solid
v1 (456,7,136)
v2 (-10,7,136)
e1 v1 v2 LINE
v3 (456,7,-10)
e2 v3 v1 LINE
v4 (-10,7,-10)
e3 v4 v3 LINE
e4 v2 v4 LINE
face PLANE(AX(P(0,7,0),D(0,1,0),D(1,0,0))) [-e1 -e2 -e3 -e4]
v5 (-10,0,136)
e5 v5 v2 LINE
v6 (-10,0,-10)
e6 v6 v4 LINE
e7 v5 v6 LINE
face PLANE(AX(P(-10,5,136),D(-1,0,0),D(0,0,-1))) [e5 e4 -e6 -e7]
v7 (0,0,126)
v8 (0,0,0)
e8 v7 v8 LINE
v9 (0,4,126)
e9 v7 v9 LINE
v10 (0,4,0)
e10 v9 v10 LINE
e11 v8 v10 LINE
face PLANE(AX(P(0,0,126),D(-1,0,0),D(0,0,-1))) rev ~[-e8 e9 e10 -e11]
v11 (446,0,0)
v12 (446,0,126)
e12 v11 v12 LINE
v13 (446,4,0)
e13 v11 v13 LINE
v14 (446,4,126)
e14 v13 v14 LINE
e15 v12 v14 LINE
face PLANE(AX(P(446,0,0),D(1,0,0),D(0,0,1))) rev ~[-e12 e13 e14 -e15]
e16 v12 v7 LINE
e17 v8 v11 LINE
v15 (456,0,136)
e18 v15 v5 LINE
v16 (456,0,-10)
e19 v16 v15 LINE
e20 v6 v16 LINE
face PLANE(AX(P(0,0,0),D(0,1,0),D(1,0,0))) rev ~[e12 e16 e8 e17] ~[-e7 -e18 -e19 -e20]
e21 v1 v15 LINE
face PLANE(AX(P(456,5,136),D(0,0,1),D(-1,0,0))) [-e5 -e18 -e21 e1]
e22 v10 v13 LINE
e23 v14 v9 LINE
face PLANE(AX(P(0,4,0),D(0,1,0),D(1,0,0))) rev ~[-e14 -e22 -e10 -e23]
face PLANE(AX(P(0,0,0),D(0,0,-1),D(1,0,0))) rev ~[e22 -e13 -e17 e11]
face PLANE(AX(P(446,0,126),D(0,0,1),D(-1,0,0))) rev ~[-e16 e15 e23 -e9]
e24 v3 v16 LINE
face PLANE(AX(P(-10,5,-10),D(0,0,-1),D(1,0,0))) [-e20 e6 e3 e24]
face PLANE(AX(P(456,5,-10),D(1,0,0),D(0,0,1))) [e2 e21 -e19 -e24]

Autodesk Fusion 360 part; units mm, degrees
sketch "Sketch1" plane through (0, 0, 0) normal (0, 1, 0) x (1, 0, 0)
  line L0 (0, 0) -> (446, 0)
  line L1 (446, 0) -> (446, -126)
  line L2 (446, -126) -> (0, -126)
  line L3 (0, -126) -> (0, 0)
  line L4 (-10, 10) -> (456, 10)
  line L5 (456, 10) -> (456, -136)
  line L6 (456, -136) -> (-10, -136)
  line L7 (-10, -136) -> (-10, 10)
  dimension "d1" = 446
  dimension "d2" = 126
  dimension "d3" = 466
  dimension "d4" = 146
  dimension "d5" = 10
  dimension "d6" = 10
extrude "Extrude1" add sketch "Sketch1" along normal blind 5 contours L0 L1 L2 L3 | L4 L5 L6 L7
extrude "Extrude2" cut sketch "Sketch1" along normal blind 4 contours L0 L1 L2 L3
extrude "Extrude3" add 1 faces at (145.3333, 5, 38.6667) along direction (0, 1, 0) blind 2
sketch "Sketch2" plane through (0, 0, 0) normal (0, 1, 0) x (1, 0, 0)
  line L0 (9, -114) -> (23, -114)
  line L1 (23, -114) -> (23, -100)
  line L2 (23, -100) -> (9, -100)
  line L3 (9, -100) -> (9, -114)
  line L4 (28, -113.6288) -> (42, -113.6288)
  line L5 (42, -113.6288) -> (42, -99.6288)
  line L6 (42, -99.6288) -> (28, -99.6288)
  line L7 (28, -99.6288) -> (28, -113.6288)
  line L8 (0, 0) -> (0, -126)
  line L9 (0, -126) -> (446, -126)
  line L10 (47, -113.6288) -> (61, -113.6288)
  line L11 (47, -99.6288) -> (47, -113.6288)
  line L12 (61, -113.6288) -> (61, -99.6288)
  line L13 (61, -99.6288) -> (47, -99.6288)
  line L14 (80, -113.6288) -> (80, -99.6288)
  line L15 (66, -113.6288) -> (80, -113.6288)
  line L16 (66, -99.6288) -> (66, -113.6288)
  line L17 (80, -99.6288) -> (66, -99.6288)
  line L18 (156, -113.6288) -> (156, -99.6288)
  line L19 (142, -113.6288) -> (156, -113.6288)
  line L20 (142, -99.6288) -> (142, -113.6288)
  line L21 (156, -99.6288) -> (142, -99.6288)
  line L22 (137, -113.6288) -> (137, -99.6288)
  line L23 (123, -99.6288) -> (123, -113.6288)
  line L24 (123, -113.6288) -> (137, -113.6288)
  line L25 (137, -99.6288) -> (123, -99.6288)
  line L26 (118, -113.6288) -> (118, -99.6288)
  line L27 (104, -113.6288) -> (118, -113.6288)
  line L28 (104, -99.6288) -> (104, -113.6288)
  line L29 (118, -99.6288) -> (104, -99.6288)
  line L30 (99, -114) -> (99, -100)
  line L31 (85, -114) -> (99, -114)
  line L32 (85, -100) -> (85, -114)
  line L33 (99, -100) -> (85, -100)
  line L34 (307.2, -113.6288) -> (321.2, -113.6288)
  line L35 (218, -113.6288) -> (232, -113.6288)
  line L36 (345.2, -113.6288) -> (359.2, -113.6288)
  line L37 (307.2, -99.6288) -> (307.2, -113.6288)
  line L38 (161, -114) -> (175, -114)
  line L39 (232, -113.6288) -> (232, -99.6288)
  line L40 (345.2, -99.6288) -> (345.2, -113.6288)
  line L41 (359.2, -99.6288) -> (345.2, -99.6288)
  line L42 (340.2, -113.6288) -> (340.2, -99.6288)
  line L43 (326.2, -99.6288) -> (326.2, -113.6288)
  line L44 (326.2, -113.6288) -> (340.2, -113.6288)
  line L45 (359.2, -113.6288) -> (359.2, -99.6288)
  line L46 (340.2, -99.6288) -> (326.2, -99.6288)
  line L47 (321.2, -113.6288) -> (321.2, -99.6288)
  line L48 (237, -114) -> (251, -114)
  line L49 (251, -114) -> (251, -100)
  line L50 (321.2, -99.6288) -> (307.2, -99.6288)
  line L51 (232, -99.6288) -> (218, -99.6288)
  line L52 (237, -100) -> (237, -114)
  line L53 (251, -100) -> (237, -100)
  line L54 (161, -100) -> (161, -114)
  line L55 (175, -114) -> (175, -100)
  line L56 (175, -100) -> (161, -100)
  line L57 (180, -99.6288) -> (180, -113.6288)
  line L58 (218, -99.6288) -> (218, -113.6288)
  line L59 (194, -113.6288) -> (194, -99.6288)
  line L60 (199, -113.6288) -> (213, -113.6288)
  line L61 (199, -99.6288) -> (199, -113.6288)
  line L62 (213, -113.6288) -> (213, -99.6288)
  line L63 (213, -99.6288) -> (199, -99.6288)
  line L64 (180, -113.6288) -> (194, -113.6288)
  line L65 (194, -99.6288) -> (180, -99.6288)
  line L66 (321.2, -94.6288) -> (321.2, -80.6288)
  line L67 (85, -95) -> (99, -95)
  line L68 (307.2, -80.6288) -> (307.2, -94.6288)
  line L69 (345.2, -94.6288) -> (359.2, -94.6288)
  line L70 (85, -81) -> (85, -95)
  line L71 (80, -80.6288) -> (66, -80.6288)
  line L72 (326.2, -94.6288) -> (340.2, -94.6288)
  line L73 (66, -94.6288) -> (80, -94.6288)
  line L74 (321.2, -80.6288) -> (307.2, -80.6288)
  line L75 (251, -95) -> (251, -81)
  line L76 (307.2, -94.6288) -> (321.2, -94.6288)
  line L77 (175, -81) -> (161, -81)
  line L78 (345.2, -80.6288) -> (345.2, -94.6288)
  line L79 (237, -81) -> (237, -95)
  line L80 (340.2, -94.6288) -> (340.2, -80.6288)
  line L81 (326.2, -80.6288) -> (326.2, -94.6288)
  line L82 (194, -80.6288) -> (180, -80.6288)
  line L83 (175, -95) -> (175, -81)
  line L84 (199, -80.6288) -> (199, -94.6288)
  line L85 (218, -94.6288) -> (232, -94.6288)
  line L86 (359.2, -80.6288) -> (345.2, -80.6288)
  line L87 (180, -80.6288) -> (180, -94.6288)
  line L88 (194, -94.6288) -> (194, -80.6288)
  line L89 (237, -95) -> (251, -95)
  line L90 (232, -94.6288) -> (232, -80.6288)
  line L91 (218, -80.6288) -> (218, -94.6288)
  line L92 (340.2, -80.6288) -> (326.2, -80.6288)
  line L93 (213, -80.6288) -> (199, -80.6288)
  line L94 (161, -95) -> (175, -95)
  line L95 (251, -81) -> (237, -81)
  line L96 (156, -94.6288) -> (156, -80.6288)
  line L97 (199, -94.6288) -> (213, -94.6288)
  line L98 (213, -94.6288) -> (213, -80.6288)
  line L99 (232, -80.6288) -> (218, -80.6288)
  line L100 (161, -81) -> (161, -95)
  line L101 (180, -94.6288) -> (194, -94.6288)
  line L102 (61, -94.6288) -> (61, -80.6288)
  line L103 (156, -80.6288) -> (142, -80.6288)
  line L104 (42, -80.6288) -> (28, -80.6288)
  line L105 (28, -80.6288) -> (28, -94.6288)
  line L106 (9, -81) -> (9, -95)
  line L107 (142, -94.6288) -> (156, -94.6288)
  line L108 (61, -80.6288) -> (47, -80.6288)
  line L109 (23, -81) -> (9, -81)
  line L110 (47, -94.6288) -> (61, -94.6288)
  line L111 (66, -80.6288) -> (66, -94.6288)
  line L112 (47, -80.6288) -> (47, -94.6288)
  line L113 (9, -95) -> (23, -95)
  line L114 (123, -80.6288) -> (123, -94.6288)
  line L115 (42, -94.6288) -> (42, -80.6288)
  line L116 (28, -94.6288) -> (42, -94.6288)
  line L117 (23, -95) -> (23, -81)
  line L118 (118, -94.6288) -> (118, -80.6288)
  line L119 (137, -80.6288) -> (123, -80.6288)
  line L120 (99, -81) -> (85, -81)
  line L121 (123, -94.6288) -> (137, -94.6288)
  line L122 (104, -94.6288) -> (118, -94.6288)
  line L123 (104, -80.6288) -> (104, -94.6288)
  line L124 (137, -94.6288) -> (137, -80.6288)
  line L125 (80, -94.6288) -> (80, -80.6288)
  line L126 (142, -80.6288) -> (142, -94.6288)
  line L127 (118, -80.6288) -> (104, -80.6288)
  line L128 (359.2, -94.6288) -> (359.2, -80.6288)
  line L129 (99, -95) -> (99, -81)
  line L130 (237, -62) -> (237, -76)
  line L131 (232, -61.6288) -> (218, -61.6288)
  line L132 (251, -62) -> (237, -62)
  line L133 (213, -75.6288) -> (213, -61.6288)
  line L134 (194, -75.6288) -> (194, -61.6288)
  line L135 (180, -61.6288) -> (180, -75.6288)
  line L136 (175, -62) -> (161, -62)
  line L137 (156, -75.6288) -> (156, -61.6288)
  line L138 (194, -61.6288) -> (180, -61.6288)
  line L139 (161, -62) -> (161, -76)
  line L140 (251, -76) -> (251, -62)
  line L141 (218, -61.6288) -> (218, -75.6288)
  line L142 (232, -75.6288) -> (232, -61.6288)
  line L143 (218, -75.6288) -> (232, -75.6288)
  line L144 (326.2, -61.6288) -> (326.2, -75.6288)
  line L145 (307.2, -61.6288) -> (307.2, -75.6288)
  line L146 (359.2, -75.6288) -> (359.2, -61.6288)
  line L147 (359.2, -61.6288) -> (345.2, -61.6288)
  line L148 (156, -61.6288) -> (142, -61.6288)
  line L149 (142, -75.6288) -> (156, -75.6288)
  line L150 (307.2, -75.6288) -> (321.2, -75.6288)
  line L151 (326.2, -75.6288) -> (340.2, -75.6288)
  line L152 (340.2, -61.6288) -> (326.2, -61.6288)
  line L153 (321.2, -61.6288) -> (307.2, -61.6288)
  line L154 (199, -75.6288) -> (213, -75.6288)
  line L155 (213, -61.6288) -> (199, -61.6288)
  line L156 (104, -75.6288) -> (118, -75.6288)
  line L157 (118, -75.6288) -> (118, -61.6288)
  line L158 (345.2, -75.6288) -> (359.2, -75.6288)
  line L159 (137, -75.6288) -> (137, -61.6288)
  line L160 (42, -75.6288) -> (42, -61.6288)
  line L161 (99, -76) -> (99, -62)
  line L162 (99, -62) -> (85, -62)
  line L163 (66, -61.6288) -> (66, -75.6288)
  line L164 (123, -61.6288) -> (123, -75.6288)
  line L165 (47, -75.6288) -> (61, -75.6288)
  line L166 (80, -75.6288) -> (80, -61.6288)
  line L167 (142, -61.6288) -> (142, -75.6288)
  line L168 (66, -75.6288) -> (80, -75.6288)
  line L169 (42, -61.6288) -> (28, -61.6288)
  line L170 (345.2, -61.6288) -> (345.2, -75.6288)
  line L171 (340.2, -75.6288) -> (340.2, -61.6288)
  line L172 (321.2, -75.6288) -> (321.2, -61.6288)
  line L173 (123, -75.6288) -> (137, -75.6288)
  line L174 (118, -61.6288) -> (104, -61.6288)
  line L175 (137, -61.6288) -> (123, -61.6288)
  line L176 (104, -61.6288) -> (104, -75.6288)
  line L177 (85, -62) -> (85, -76)
  line L178 (80, -61.6288) -> (66, -61.6288)
  line L179 (28, -75.6288) -> (42, -75.6288)
  line L180 (9, -62) -> (9, -76)
  line L181 (23, -62) -> (9, -62)
  line L182 (47, -61.6288) -> (47, -75.6288)
  line L183 (23, -76) -> (23, -62)
  line L184 (61, -61.6288) -> (47, -61.6288)
  line L185 (28, -61.6288) -> (28, -75.6288)
  line L186 (61, -75.6288) -> (61, -61.6288)
  line L187 (199, -61.6288) -> (199, -75.6288)
  line L188 (175, -76) -> (175, -62)
  line L189 (180, -75.6288) -> (194, -75.6288)
  line L190 (9, -76) -> (23, -76)
  line L191 (85, -76) -> (99, -76)
  line L192 (161, -76) -> (175, -76)
  line L193 (237, -76) -> (251, -76)
  line L194 (213, -42.6288) -> (199, -42.6288)
  line L195 (66, -56.6288) -> (80, -56.6288)
  line L196 (104, -56.6288) -> (118, -56.6288)
  line L197 (251, -43) -> (237, -43)
  line L198 (9, -43) -> (9, -57)
  line L199 (47, -42.6288) -> (47, -56.6288)
  line L200 (213, -56.6288) -> (213, -42.6288)
  line L201 (42, -42.6288) -> (28, -42.6288)
  line L202 (28, -42.6288) -> (28, -56.6288)
  line L203 (61, -56.6288) -> (61, -42.6288)
  line L204 (232, -56.6288) -> (232, -42.6288)
  line L205 (232, -42.6288) -> (218, -42.6288)
  line L206 (28, -56.6288) -> (42, -56.6288)
  line L207 (180, -42.6288) -> (180, -56.6288)
  line L208 (80, -42.6288) -> (66, -42.6288)
  line L209 (237, -43) -> (237, -57)
  line L210 (47, -56.6288) -> (61, -56.6288)
  line L211 (237, -57) -> (251, -57)
  line L212 (218, -42.6288) -> (218, -56.6288)
  line L213 (118, -42.6288) -> (104, -42.6288)
  line L214 (199, -56.6288) -> (213, -56.6288)
  line L215 (218, -56.6288) -> (232, -56.6288)
  line L216 (23, -57) -> (23, -43)
  line L217 (61, -42.6288) -> (47, -42.6288)
  line L218 (251, -57) -> (251, -43)
  line L219 (23, -43) -> (9, -43)
  line L220 (42, -56.6288) -> (42, -42.6288)
  line L221 (9, -57) -> (23, -57)
  line L222 (66, -42.6288) -> (66, -56.6288)
  line L223 (104, -42.6288) -> (104, -56.6288)
  line L224 (142, -56.6288) -> (156, -56.6288)
  line L225 (156, -42.6288) -> (142, -42.6288)
  line L226 (85, -57) -> (99, -57)
  line L227 (85, -43) -> (85, -57)
  line L228 (194, -56.6288) -> (194, -42.6288)
  line L229 (99, -57) -> (99, -43)
  line L230 (199, -42.6288) -> (199, -56.6288)
  line L231 (194, -42.6288) -> (180, -42.6288)
  line L232 (175, -43) -> (161, -43)
  line L233 (161, -43) -> (161, -57)
  line L234 (80, -56.6288) -> (80, -42.6288)
  line L235 (99, -43) -> (85, -43)
  line L236 (180, -56.6288) -> (194, -56.6288)
  line L237 (156, -56.6288) -> (156, -42.6288)
  line L238 (175, -57) -> (175, -43)
  line L239 (137, -56.6288) -> (137, -42.6288)
  line L240 (123, -56.6288) -> (137, -56.6288)
  line L241 (118, -56.6288) -> (118, -42.6288)
  line L242 (123, -42.6288) -> (123, -56.6288)
  line L243 (142, -42.6288) -> (142, -56.6288)
  line L244 (161, -57) -> (175, -57)
  line L245 (137, -42.6288) -> (123, -42.6288)
  line L246 (237, -5) -> (237, -19)
  line L247 (237, -38) -> (251, -38)
  line L248 (218, -37.6288) -> (232, -37.6288)
  line L249 (199, -37.6288) -> (213, -37.6288)
  line L250 (237, -24) -> (237, -38)
  line L251 (156, -4.6288) -> (142, -4.6288)
  line L252 (23, -19) -> (23, -5)
  line L253 (218, -18.6288) -> (232, -18.6288)
  line L254 (251, -24) -> (237, -24)
  line L255 (47, -4.6288) -> (47, -18.6288)
  line L256 (251, -5) -> (237, -5)
  line L257 (142, -18.6288) -> (156, -18.6288)
  line L258 (213, -37.6288) -> (213, -23.6288)
  line L259 (232, -23.6288) -> (218, -23.6288)
  line L260 (213, -18.6288) -> (213, -4.6288)
  line L261 (218, -4.6288) -> (218, -18.6288)
  line L262 (251, -19) -> (251, -5)
  line L263 (237, -19) -> (251, -19)
  line L264 (156, -23.6288) -> (142, -23.6288)
  line L265 (251, -38) -> (251, -24)
  line L266 (213, -4.6288) -> (199, -4.6288)
  line L267 (232, -4.6288) -> (218, -4.6288)
  line L268 (232, -18.6288) -> (232, -4.6288)
  line L269 (232, -37.6288) -> (232, -23.6288)
  line L270 (218, -23.6288) -> (218, -37.6288)
  line L271 (199, -18.6288) -> (213, -18.6288)
  line L272 (213, -23.6288) -> (199, -23.6288)
  line L273 (61, -18.6288) -> (61, -4.6288)
  line L274 (42, -18.6288) -> (42, -4.6288)
  line L275 (137, -18.6288) -> (137, -4.6288)
  line L276 (9, -5) -> (9, -19)
  line L277 (28, -4.6288) -> (28, -18.6288)
  line L278 (61, -4.6288) -> (47, -4.6288)
  line L279 (137, -4.6288) -> (123, -4.6288)
  line L280 (118, -18.6288) -> (118, -4.6288)
  line L281 (99, -19) -> (99, -5)
  line L282 (66, -37.6288) -> (80, -37.6288)
  line L283 (80, -23.6288) -> (66, -23.6288)
  line L284 (66, -18.6288) -> (80, -18.6288)
  line L285 (28, -18.6288) -> (42, -18.6288)
  line L286 (118, -23.6288) -> (104, -23.6288)
  line L287 (9, -19) -> (23, -19)
  line L288 (9, -24) -> (9, -38)
  line L289 (142, -4.6288) -> (142, -18.6288)
  line L290 (104, -4.6288) -> (104, -18.6288)
  line L291 (66, -4.6288) -> (66, -18.6288)
  line L292 (47, -23.6288) -> (47, -37.6288)
  line L293 (80, -18.6288) -> (80, -4.6288)
  line L294 (80, -4.6288) -> (66, -4.6288)
  line L295 (85, -5) -> (85, -19)
  line L296 (99, -5) -> (85, -5)
  line L297 (123, -4.6288) -> (123, -18.6288)
  line L298 (118, -4.6288) -> (104, -4.6288)
  line L299 (23, -5) -> (9, -5)
  line L300 (42, -4.6288) -> (28, -4.6288)
  line L301 (175, -38) -> (175, -24)
  line L302 (142, -37.6288) -> (156, -37.6288)
  line L303 (175, -24) -> (161, -24)
  line L304 (156, -37.6288) -> (156, -23.6288)
  line L305 (180, -23.6288) -> (180, -37.6288)
  line L306 (161, -19) -> (175, -19)
  line L307 (180, -18.6288) -> (194, -18.6288)
  line L308 (175, -5) -> (161, -5)
  line L309 (194, -4.6288) -> (180, -4.6288)
  line L310 (175, -19) -> (175, -5)
  line L311 (161, -24) -> (161, -38)
  line L312 (194, -37.6288) -> (194, -23.6288)
  line L313 (194, -23.6288) -> (180, -23.6288)
  line L314 (199, -23.6288) -> (199, -37.6288)
  line L315 (194, -18.6288) -> (194, -4.6288)
  line L316 (161, -5) -> (161, -19)
  line L317 (180, -4.6288) -> (180, -18.6288)
  line L318 (199, -4.6288) -> (199, -18.6288)
  line L319 (156, -18.6288) -> (156, -4.6288)
  line L320 (180, -37.6288) -> (194, -37.6288)
  line L321 (161, -38) -> (175, -38)
  line L322 (66, -23.6288) -> (66, -37.6288)
  line L323 (104, -23.6288) -> (104, -37.6288)
  line L324 (9, -38) -> (23, -38)
  line L325 (137, -23.6288) -> (123, -23.6288)
  line L326 (23, -38) -> (23, -24)
  line L327 (85, -24) -> (85, -38)
  line L328 (42, -37.6288) -> (42, -23.6288)
  line L329 (23, -24) -> (9, -24)
  line L330 (104, -37.6288) -> (118, -37.6288)
  line L331 (118, -37.6288) -> (118, -23.6288)
  line L332 (47, -18.6288) -> (61, -18.6288)
  line L333 (123, -18.6288) -> (137, -18.6288)
  line L334 (28, -23.6288) -> (28, -37.6288)
  line L335 (142, -23.6288) -> (142, -37.6288)
  line L336 (104, -18.6288) -> (118, -18.6288)
  line L337 (123, -23.6288) -> (123, -37.6288)
  line L338 (99, -38) -> (99, -24)
  line L339 (123, -37.6288) -> (137, -37.6288)
  line L340 (61, -37.6288) -> (61, -23.6288)
  line L341 (61, -23.6288) -> (47, -23.6288)
  line L342 (80, -37.6288) -> (80, -23.6288)
  line L343 (85, -38) -> (99, -38)
  line L344 (28, -37.6288) -> (42, -37.6288)
  line L345 (42, -23.6288) -> (28, -23.6288)
  line L346 (47, -37.6288) -> (61, -37.6288)
  line L347 (137, -37.6288) -> (137, -23.6288)
  line L348 (99, -24) -> (85, -24)
  line L349 (85, -19) -> (99, -19)
  line L350 (340.2, -37.6288) -> (340.2, -23.6288)
  line L351 (326.2, -23.6288) -> (326.2, -37.6288)
  line L352 (340.2, -23.6288) -> (326.2, -23.6288)
  line L353 (326.2, -37.6288) -> (340.2, -37.6288)
  line L354 (326.2, -18.6288) -> (340.2, -18.6288)
  line L355 (359.2, -4.6288) -> (345.2, -4.6288)
  line L356 (321.2, -4.6288) -> (307.2, -4.6288)
  line L357 (326.2, -4.6288) -> (326.2, -18.6288)
  line L358 (340.2, -18.6288) -> (340.2, -4.6288)
  line L359 (307.2, -18.6288) -> (321.2, -18.6288)
  line L360 (307.2, -4.6288) -> (307.2, -18.6288)
  line L361 (340.2, -4.6288) -> (326.2, -4.6288)
  line L362 (345.2, -18.6288) -> (359.2, -18.6288)
  line L363 (359.2, -18.6288) -> (359.2, -4.6288)
  line L364 (345.2, -4.6288) -> (345.2, -18.6288)
  line L365 (321.2, -18.6288) -> (321.2, -4.6288)
  dimension "d13" = 14
  dimension "d14" = 14
  dimension "d15" = 14
  dimension "d16" = 14
  dimension "d17" = 5
  dimension "d18" = 9
  dimension "d19" = 12
  dimension "d20" = 14
  dimension "d21" = 14
  dimension "d22" = 14
  dimension "d23" = 14
  dimension "d24" = 5
  dimension "d25" = 5
  dimension "d26" = 14
  dimension "d27" = 14
  dimension "d28" = 14
  dimension "d29" = 14
  dimension "d30" = 5
  dimension "d31" = 14
  dimension "d32" = 14
  dimension "d33" = 14
  dimension "d34" = 14
  dimension "d35" = 5
  dimension "d36" = 5
  dimension "d37" = 5
  dimension "d38" = 14
  dimension "d39" = 14
  dimension "d40" = 14
  dimension "d41" = 14
  dimension "d42" = 5
  dimension "d43" = 14
  dimension "d44" = 14
  dimension "d45" = 14
  dimension "d46" = 14
  dimension "d47" = 5
  dimension "d48" = 5
  dimension "d49" = 14
  dimension "d50" = 14
  dimension "d51" = 14
  dimension "d52" = 14
  dimension "d53" = 56.2
  dimension "d54" = 14
  dimension "d55" = 14
  dimension "d56" = 14
  dimension "d57" = 14
  dimension "d58" = 5
  dimension "d59" = 5
  dimension "d60" = 5
  dimension "d61" = 5
  dimension "d62" = 14
  dimension "d63" = 14
  dimension "d64" = 14
  dimension "d65" = 14
  dimension "d66" = 5
  dimension "d67" = 14
  dimension "d68" = 14
  dimension "d69" = 14
  dimension "d70" = 14
  dimension "d71" = 5
  dimension "d72" = 5
  dimension "d73" = 14
  dimension "d74" = 14
  dimension "d75" = 14
  dimension "d76" = 14
  dimension "d77" = 5
  dimension "d78" = 14
  dimension "d79" = 14
  dimension "d80" = 14
  dimension "d81" = 14
  dimension "d82" = 5
  dimension "d83" = 5
  dimension "d84" = 5
  dimension "d85" = 14
  dimension "d86" = 14
  dimension "d87" = 14
  dimension "d88" = 14
  dimension "d89" = 5
  dimension "d90" = 14
  dimension "d91" = 14
  dimension "d92" = 14
  dimension "d93" = 14
  dimension "d94" = 5
  dimension "d95" = 5
  dimension "d96" = 14
  dimension "d97" = 14
  dimension "d98" = 14
  dimension "d99" = 14
  dimension "d100" = 56.2
  dimension "d101" = 14
  dimension "d102" = 14
  dimension "d103" = 14
  dimension "d104" = 14
  dimension "d105" = 5
  dimension "d106" = 5
  dimension "d107" = 5
  dimension "d108" = 5
  dimension "d109" = 14
  dimension "d110" = 14
  dimension "d111" = 14
  dimension "d112" = 14
  dimension "d113" = 5
  dimension "d114" = 14
  dimension "d115" = 14
  dimension "d116" = 14
  dimension "d117" = 14
  dimension "d118" = 5
  dimension "d119" = 5
  dimension "d120" = 14
  dimension "d121" = 14
  dimension "d122" = 14
  dimension "d123" = 14
  dimension "d124" = 5
  dimension "d125" = 14
  dimension "d126" = 14
  dimension "d127" = 14
  dimension "d128" = 14
  dimension "d129" = 5
  dimension "d130" = 5
  dimension "d131" = 5
  dimension "d132" = 14
  dimension "d133" = 14
  dimension "d134" = 14
  dimension "d135" = 14
  dimension "d136" = 5
  dimension "d137" = 14
  dimension "d138" = 14
  dimension "d139" = 14
  dimension "d140" = 14
  dimension "d141" = 5
  dimension "d142" = 5
  dimension "d143" = 14
  dimension "d144" = 14
  dimension "d145" = 14
  dimension "d146" = 14
  dimension "d147" = 56.2
  dimension "d148" = 14
  dimension "d149" = 14
  dimension "d150" = 14
  dimension "d151" = 14
  dimension "d152" = 5
  dimension "d153" = 5
  dimension "d154" = 5
  dimension "d155" = 5
  dimension "d156" = 14
  dimension "d157" = 14
  dimension "d158" = 14
  dimension "d159" = 14
  dimension "d160" = 14
  dimension "d161" = 14
  dimension "d162" = 14
  dimension "d163" = 14
  dimension "d164" = 5
  dimension "d165" = 14
  dimension "d166" = 14
  dimension "d167" = 14
  dimension "d168" = 14
  dimension "d169" = 5
  dimension "d170" = 5
  dimension "d171" = 14
  dimension "d172" = 14
  dimension "d173" = 14
  dimension "d174" = 14
  dimension "d175" = 5
  dimension "d176" = 14
  dimension "d177" = 14
  dimension "d178" = 14
  dimension "d179" = 14
  dimension "d180" = 5
  dimension "d181" = 5
  dimension "d182" = 5
  dimension "d183" = 14
  dimension "d184" = 14
  dimension "d185" = 14
  dimension "d186" = 14
  dimension "d187" = 5
  dimension "d188" = 14
  dimension "d189" = 14
  dimension "d190" = 14
  dimension "d191" = 14
  dimension "d192" = 5
  dimension "d193" = 5
  dimension "d194" = 14
  dimension "d195" = 14
  dimension "d196" = 5
  dimension "d197" = 5
  dimension "d198" = 14
  dimension "d199" = 14
  dimension "d200" = 14
  dimension "d201" = 14
  dimension "d202" = 14
  dimension "d203" = 14
  dimension "d204" = 14
  dimension "d205" = 14
  dimension "d206" = 5
  dimension "d207" = 14
  dimension "d208" = 14
  dimension "d209" = 14
  dimension "d210" = 14
  dimension "d211" = 5
  dimension "d212" = 5
  dimension "d213" = 14
  dimension "d214" = 14
  dimension "d215" = 14
  dimension "d216" = 14
  dimension "d217" = 5
  dimension "d218" = 14
  dimension "d219" = 14
  dimension "d220" = 14
  dimension "d221" = 14
  dimension "d222" = 5
  dimension "d223" = 5
  dimension "d224" = 5
  dimension "d225" = 14
  dimension "d226" = 14
  dimension "d227" = 14
  dimension "d228" = 14
  dimension "d229" = 5
  dimension "d230" = 14
  dimension "d231" = 14
  dimension "d232" = 14
  dimension "d233" = 14
  dimension "d234" = 5
  dimension "d235" = 5
  dimension "d236" = 14
  dimension "d237" = 14
  dimension "d238" = 5
  dimension "d239" = 5
  dimension "d240" = 14
  dimension "d241" = 14
  dimension "d242" = 14
  dimension "d243" = 14
  dimension "d244" = 14
  dimension "d245" = 14
  dimension "d246" = 14
  dimension "d247" = 14
  dimension "d248" = 5
  dimension "d249" = 14
  dimension "d250" = 14
  dimension "d251" = 14
  dimension "d252" = 14
  dimension "d253" = 5
  dimension "d254" = 5
  dimension "d255" = 14
  dimension "d256" = 14
  dimension "d257" = 14
  dimension "d258" = 14
  dimension "d259" = 5
  dimension "d260" = 14
  dimension "d261" = 14
  dimension "d262" = 14
  dimension "d263" = 14
  dimension "d264" = 5
  dimension "d265" = 5
  dimension "d266" = 5
  dimension "d267" = 14
  dimension "d268" = 14
  dimension "d269" = 14
  dimension "d270" = 14
  dimension "d271" = 5
  dimension "d272" = 14
  dimension "d273" = 14
  dimension "d274" = 14
  dimension "d275" = 14
  dimension "d276" = 5
  dimension "d277" = 5
  dimension "d278" = 14
  dimension "d279" = 14
  dimension "d280" = 5
  dimension "d281" = 5
  dimension "d282" = 14
  dimension "d283" = 14
  dimension "d284" = 14
  dimension "d285" = 14
  dimension "d286" = 14
  dimension "d287" = 14
  dimension "d288" = 24
  dimension "d289" = 14
  dimension "d290" = 14
  dimension "d291" = 14
  dimension "d292" = 14
  dimension "d293" = 14
  dimension "d294" = 14
  dimension "d295" = 5
  dimension "d296" = 5
